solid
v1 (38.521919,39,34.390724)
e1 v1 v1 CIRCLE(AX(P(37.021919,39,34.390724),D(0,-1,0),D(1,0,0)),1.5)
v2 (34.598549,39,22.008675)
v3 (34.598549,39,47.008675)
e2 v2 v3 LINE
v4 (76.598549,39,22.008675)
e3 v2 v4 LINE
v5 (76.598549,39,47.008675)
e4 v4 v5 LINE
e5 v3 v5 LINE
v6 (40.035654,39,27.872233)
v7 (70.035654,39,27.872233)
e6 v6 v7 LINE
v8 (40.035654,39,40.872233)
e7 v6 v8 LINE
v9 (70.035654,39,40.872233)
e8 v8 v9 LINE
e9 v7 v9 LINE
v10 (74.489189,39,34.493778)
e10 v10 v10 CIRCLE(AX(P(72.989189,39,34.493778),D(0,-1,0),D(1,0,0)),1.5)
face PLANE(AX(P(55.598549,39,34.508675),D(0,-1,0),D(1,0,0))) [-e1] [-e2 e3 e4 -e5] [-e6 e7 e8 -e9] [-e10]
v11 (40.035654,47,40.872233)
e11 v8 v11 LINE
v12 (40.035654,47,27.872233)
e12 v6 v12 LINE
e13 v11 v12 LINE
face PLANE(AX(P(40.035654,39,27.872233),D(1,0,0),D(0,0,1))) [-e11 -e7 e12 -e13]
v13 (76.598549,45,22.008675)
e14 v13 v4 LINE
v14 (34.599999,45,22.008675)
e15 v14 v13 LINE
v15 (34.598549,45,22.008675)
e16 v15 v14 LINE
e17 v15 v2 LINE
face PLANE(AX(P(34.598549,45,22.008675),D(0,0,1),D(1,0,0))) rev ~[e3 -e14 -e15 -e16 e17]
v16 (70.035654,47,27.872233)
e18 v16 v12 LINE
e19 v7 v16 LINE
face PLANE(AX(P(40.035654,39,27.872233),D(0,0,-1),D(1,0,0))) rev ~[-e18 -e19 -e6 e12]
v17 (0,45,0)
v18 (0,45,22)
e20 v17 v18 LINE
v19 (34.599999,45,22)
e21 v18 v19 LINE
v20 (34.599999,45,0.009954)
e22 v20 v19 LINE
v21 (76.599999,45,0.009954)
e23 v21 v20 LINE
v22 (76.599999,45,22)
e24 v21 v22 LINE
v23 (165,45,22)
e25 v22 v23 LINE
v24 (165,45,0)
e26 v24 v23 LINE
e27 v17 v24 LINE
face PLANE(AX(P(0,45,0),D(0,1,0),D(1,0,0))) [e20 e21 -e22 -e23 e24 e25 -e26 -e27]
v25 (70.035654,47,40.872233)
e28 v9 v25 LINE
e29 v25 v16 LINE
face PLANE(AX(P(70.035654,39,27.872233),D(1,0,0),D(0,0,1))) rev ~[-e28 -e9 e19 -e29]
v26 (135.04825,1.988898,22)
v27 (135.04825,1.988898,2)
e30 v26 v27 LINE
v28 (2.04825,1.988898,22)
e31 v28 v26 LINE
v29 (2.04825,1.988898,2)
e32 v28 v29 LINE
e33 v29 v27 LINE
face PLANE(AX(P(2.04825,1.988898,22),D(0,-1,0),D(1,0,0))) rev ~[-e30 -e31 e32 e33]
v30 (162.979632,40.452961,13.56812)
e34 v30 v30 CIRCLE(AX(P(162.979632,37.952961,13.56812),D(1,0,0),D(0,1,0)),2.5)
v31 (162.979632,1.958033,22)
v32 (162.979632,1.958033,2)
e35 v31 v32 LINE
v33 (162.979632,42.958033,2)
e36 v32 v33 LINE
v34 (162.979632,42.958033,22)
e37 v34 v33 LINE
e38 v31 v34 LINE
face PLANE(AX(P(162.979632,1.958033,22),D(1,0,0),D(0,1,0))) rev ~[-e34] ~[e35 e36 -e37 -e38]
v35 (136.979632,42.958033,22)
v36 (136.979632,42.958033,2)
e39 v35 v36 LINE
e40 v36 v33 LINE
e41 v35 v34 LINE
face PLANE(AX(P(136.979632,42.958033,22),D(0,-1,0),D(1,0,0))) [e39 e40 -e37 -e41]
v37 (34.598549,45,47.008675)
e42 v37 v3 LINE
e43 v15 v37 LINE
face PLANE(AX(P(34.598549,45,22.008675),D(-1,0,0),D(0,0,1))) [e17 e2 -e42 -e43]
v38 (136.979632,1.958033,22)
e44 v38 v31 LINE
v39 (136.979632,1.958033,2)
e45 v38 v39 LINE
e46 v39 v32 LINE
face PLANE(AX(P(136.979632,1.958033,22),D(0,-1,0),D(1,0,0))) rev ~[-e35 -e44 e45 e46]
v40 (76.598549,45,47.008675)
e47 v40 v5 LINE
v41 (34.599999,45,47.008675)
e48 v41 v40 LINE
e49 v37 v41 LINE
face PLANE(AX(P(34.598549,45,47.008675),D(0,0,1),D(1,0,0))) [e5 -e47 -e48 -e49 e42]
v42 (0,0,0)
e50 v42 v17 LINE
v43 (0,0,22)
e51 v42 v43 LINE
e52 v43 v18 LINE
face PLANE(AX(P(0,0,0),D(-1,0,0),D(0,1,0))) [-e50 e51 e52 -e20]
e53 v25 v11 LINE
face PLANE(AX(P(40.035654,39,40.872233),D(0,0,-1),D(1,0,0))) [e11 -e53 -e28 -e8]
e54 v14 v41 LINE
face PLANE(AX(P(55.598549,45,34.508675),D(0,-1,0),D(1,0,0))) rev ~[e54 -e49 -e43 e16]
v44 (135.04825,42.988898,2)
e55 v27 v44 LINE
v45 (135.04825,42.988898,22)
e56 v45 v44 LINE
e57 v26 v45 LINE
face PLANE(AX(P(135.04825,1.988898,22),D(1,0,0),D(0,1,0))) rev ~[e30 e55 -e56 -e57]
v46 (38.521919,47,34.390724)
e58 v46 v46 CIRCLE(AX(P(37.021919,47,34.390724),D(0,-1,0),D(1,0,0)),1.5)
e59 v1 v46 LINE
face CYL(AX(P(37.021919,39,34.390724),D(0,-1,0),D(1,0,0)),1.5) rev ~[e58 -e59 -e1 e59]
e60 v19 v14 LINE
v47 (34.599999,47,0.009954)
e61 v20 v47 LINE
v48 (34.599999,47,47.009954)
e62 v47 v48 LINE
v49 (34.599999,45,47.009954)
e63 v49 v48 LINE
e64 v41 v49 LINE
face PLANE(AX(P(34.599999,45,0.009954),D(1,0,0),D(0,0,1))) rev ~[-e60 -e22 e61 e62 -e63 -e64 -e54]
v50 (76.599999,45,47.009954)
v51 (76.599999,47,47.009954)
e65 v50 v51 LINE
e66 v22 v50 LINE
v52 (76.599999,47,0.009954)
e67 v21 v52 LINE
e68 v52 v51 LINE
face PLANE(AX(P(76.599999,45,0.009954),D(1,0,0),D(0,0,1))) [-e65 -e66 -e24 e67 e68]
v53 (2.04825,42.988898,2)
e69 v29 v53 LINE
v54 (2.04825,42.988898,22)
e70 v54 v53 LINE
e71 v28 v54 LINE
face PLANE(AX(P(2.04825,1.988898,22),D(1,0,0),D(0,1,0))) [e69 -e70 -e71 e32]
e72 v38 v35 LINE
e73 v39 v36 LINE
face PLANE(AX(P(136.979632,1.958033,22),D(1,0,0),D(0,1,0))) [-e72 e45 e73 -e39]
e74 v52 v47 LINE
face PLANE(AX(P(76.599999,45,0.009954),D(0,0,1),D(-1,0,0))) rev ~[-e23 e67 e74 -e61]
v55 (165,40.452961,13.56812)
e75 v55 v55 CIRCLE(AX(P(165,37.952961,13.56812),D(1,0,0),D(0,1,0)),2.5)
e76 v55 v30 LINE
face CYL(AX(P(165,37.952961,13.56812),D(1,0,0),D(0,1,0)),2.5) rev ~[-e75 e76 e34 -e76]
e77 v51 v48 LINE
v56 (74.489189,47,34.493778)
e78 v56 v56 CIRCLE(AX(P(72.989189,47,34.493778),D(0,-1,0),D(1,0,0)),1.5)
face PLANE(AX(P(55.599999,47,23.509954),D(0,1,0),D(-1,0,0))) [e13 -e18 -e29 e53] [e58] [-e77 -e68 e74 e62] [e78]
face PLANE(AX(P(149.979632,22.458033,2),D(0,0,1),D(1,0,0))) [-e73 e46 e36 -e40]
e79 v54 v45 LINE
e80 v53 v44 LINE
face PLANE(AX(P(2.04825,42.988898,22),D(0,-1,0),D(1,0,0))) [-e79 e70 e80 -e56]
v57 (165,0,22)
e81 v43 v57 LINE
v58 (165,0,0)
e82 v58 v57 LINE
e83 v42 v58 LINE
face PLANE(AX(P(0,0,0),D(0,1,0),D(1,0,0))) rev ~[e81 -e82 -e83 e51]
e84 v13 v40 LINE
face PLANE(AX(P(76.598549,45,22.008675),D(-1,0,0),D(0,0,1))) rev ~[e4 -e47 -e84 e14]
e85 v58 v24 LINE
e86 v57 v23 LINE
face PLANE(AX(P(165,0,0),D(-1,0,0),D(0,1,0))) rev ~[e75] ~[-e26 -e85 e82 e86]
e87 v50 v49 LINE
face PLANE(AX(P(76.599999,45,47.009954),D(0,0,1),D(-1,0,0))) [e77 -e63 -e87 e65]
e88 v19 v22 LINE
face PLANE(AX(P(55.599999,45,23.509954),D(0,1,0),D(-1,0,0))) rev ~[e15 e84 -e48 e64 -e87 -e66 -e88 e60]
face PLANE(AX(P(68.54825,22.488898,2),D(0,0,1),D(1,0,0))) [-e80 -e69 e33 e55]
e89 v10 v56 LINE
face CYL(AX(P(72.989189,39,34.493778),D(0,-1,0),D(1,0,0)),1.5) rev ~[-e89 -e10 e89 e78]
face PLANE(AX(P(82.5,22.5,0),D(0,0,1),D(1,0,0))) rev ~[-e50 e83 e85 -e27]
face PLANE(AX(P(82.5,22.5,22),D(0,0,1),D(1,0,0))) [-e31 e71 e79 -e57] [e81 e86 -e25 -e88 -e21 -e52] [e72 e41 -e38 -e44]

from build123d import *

# Parameters (mm, degrees)
SKETCH_W        = 165
SKETCH_H        = 45
PAD_DEPTH       = 22
SKETCH001_W     = 133
SKETCH001_H     = 41
POCKET_DEPTH    = 20
SKETCH002_W     = 26
SKETCH002_H     = 41
POCKET001_DEPTH = 20
SKETCH003_W     = 42
SKETCH003_H     = 47
PAD001_DEPTH    = 2
SKETCH008_W     = 42
SKETCH008_H     = 25
PAD002_DEPTH    = 6
SKETCH005_W     = 30
SKETCH005_H     = 13
POCKET002_DEPTH = 8.001
SKETCH009_R     = 1.5
POCKET003_DEPTH = 8.001
SKETCH007_R     = 2.5
POCKET004_DEPTH = 5


with BuildPart() as part:
    # Sketch → Pad (new body)
    with BuildSketch(Plane.XY):
        with Locations((82.5, 22.5)):
            Rectangle(SKETCH_W, SKETCH_H)
    extrude(amount=PAD_DEPTH)

    # Sketch001 → Pocket (cut)
    with BuildSketch(Plane.XY.offset(22)):
        with Locations((68.54825, 22.488898)):
            Rectangle(SKETCH001_W, SKETCH001_H)
    extrude(amount=-POCKET_DEPTH, mode=Mode.SUBTRACT)

    # Sketch002 → Pocket001 (cut)
    with BuildSketch(Plane.XY.offset(22)):
        with Locations((149.979632, 22.458033)):
            Rectangle(SKETCH002_W, SKETCH002_H)
    extrude(amount=-POCKET001_DEPTH, mode=Mode.SUBTRACT)

    # Sketch003 → Pad001 (new body)
    with BuildSketch(Plane(origin=(0, 45, 0), x_dir=(-1, 0, 0), z_dir=(0, 1, 0))):
        with Locations((-55.599999, 23.509954)):
            Rectangle(SKETCH003_W, SKETCH003_H)
    extrude(amount=PAD001_DEPTH)

    # Sketch008 → Pad002 (new body)
    with BuildSketch(Plane.XZ.offset(-45)):
        with Locations((55.598549, 34.508675)):
            Rectangle(SKETCH008_W, SKETCH008_H)
    extrude(amount=PAD002_DEPTH)

    # Sketch005 → Pocket002 (cut, through all)
    with BuildSketch(Plane.XZ.offset(-39)):
        with Locations((55.035654, 34.372233)):
            Rectangle(SKETCH005_W, SKETCH005_H)
    extrude(amount=-POCKET002_DEPTH, mode=Mode.SUBTRACT)

    # Sketch009 → Pocket003 (cut, through all)
    with BuildSketch(Plane.XZ.offset(-39)):
        with Locations((37.021919, 34.390724)):
            Circle(SKETCH009_R)
        with Locations((72.989189, 34.493778)):
            Circle(SKETCH009_R)
    extrude(amount=-POCKET003_DEPTH, mode=Mode.SUBTRACT)

    # Sketch007 → Pocket004 (cut)
    with BuildSketch(Plane.YZ.offset(165)):
        with Locations((37.952961, 13.56812)):
            Circle(SKETCH007_R)
    extrude(amount=-POCKET004_DEPTH, mode=Mode.SUBTRACT)


solid = part.part
